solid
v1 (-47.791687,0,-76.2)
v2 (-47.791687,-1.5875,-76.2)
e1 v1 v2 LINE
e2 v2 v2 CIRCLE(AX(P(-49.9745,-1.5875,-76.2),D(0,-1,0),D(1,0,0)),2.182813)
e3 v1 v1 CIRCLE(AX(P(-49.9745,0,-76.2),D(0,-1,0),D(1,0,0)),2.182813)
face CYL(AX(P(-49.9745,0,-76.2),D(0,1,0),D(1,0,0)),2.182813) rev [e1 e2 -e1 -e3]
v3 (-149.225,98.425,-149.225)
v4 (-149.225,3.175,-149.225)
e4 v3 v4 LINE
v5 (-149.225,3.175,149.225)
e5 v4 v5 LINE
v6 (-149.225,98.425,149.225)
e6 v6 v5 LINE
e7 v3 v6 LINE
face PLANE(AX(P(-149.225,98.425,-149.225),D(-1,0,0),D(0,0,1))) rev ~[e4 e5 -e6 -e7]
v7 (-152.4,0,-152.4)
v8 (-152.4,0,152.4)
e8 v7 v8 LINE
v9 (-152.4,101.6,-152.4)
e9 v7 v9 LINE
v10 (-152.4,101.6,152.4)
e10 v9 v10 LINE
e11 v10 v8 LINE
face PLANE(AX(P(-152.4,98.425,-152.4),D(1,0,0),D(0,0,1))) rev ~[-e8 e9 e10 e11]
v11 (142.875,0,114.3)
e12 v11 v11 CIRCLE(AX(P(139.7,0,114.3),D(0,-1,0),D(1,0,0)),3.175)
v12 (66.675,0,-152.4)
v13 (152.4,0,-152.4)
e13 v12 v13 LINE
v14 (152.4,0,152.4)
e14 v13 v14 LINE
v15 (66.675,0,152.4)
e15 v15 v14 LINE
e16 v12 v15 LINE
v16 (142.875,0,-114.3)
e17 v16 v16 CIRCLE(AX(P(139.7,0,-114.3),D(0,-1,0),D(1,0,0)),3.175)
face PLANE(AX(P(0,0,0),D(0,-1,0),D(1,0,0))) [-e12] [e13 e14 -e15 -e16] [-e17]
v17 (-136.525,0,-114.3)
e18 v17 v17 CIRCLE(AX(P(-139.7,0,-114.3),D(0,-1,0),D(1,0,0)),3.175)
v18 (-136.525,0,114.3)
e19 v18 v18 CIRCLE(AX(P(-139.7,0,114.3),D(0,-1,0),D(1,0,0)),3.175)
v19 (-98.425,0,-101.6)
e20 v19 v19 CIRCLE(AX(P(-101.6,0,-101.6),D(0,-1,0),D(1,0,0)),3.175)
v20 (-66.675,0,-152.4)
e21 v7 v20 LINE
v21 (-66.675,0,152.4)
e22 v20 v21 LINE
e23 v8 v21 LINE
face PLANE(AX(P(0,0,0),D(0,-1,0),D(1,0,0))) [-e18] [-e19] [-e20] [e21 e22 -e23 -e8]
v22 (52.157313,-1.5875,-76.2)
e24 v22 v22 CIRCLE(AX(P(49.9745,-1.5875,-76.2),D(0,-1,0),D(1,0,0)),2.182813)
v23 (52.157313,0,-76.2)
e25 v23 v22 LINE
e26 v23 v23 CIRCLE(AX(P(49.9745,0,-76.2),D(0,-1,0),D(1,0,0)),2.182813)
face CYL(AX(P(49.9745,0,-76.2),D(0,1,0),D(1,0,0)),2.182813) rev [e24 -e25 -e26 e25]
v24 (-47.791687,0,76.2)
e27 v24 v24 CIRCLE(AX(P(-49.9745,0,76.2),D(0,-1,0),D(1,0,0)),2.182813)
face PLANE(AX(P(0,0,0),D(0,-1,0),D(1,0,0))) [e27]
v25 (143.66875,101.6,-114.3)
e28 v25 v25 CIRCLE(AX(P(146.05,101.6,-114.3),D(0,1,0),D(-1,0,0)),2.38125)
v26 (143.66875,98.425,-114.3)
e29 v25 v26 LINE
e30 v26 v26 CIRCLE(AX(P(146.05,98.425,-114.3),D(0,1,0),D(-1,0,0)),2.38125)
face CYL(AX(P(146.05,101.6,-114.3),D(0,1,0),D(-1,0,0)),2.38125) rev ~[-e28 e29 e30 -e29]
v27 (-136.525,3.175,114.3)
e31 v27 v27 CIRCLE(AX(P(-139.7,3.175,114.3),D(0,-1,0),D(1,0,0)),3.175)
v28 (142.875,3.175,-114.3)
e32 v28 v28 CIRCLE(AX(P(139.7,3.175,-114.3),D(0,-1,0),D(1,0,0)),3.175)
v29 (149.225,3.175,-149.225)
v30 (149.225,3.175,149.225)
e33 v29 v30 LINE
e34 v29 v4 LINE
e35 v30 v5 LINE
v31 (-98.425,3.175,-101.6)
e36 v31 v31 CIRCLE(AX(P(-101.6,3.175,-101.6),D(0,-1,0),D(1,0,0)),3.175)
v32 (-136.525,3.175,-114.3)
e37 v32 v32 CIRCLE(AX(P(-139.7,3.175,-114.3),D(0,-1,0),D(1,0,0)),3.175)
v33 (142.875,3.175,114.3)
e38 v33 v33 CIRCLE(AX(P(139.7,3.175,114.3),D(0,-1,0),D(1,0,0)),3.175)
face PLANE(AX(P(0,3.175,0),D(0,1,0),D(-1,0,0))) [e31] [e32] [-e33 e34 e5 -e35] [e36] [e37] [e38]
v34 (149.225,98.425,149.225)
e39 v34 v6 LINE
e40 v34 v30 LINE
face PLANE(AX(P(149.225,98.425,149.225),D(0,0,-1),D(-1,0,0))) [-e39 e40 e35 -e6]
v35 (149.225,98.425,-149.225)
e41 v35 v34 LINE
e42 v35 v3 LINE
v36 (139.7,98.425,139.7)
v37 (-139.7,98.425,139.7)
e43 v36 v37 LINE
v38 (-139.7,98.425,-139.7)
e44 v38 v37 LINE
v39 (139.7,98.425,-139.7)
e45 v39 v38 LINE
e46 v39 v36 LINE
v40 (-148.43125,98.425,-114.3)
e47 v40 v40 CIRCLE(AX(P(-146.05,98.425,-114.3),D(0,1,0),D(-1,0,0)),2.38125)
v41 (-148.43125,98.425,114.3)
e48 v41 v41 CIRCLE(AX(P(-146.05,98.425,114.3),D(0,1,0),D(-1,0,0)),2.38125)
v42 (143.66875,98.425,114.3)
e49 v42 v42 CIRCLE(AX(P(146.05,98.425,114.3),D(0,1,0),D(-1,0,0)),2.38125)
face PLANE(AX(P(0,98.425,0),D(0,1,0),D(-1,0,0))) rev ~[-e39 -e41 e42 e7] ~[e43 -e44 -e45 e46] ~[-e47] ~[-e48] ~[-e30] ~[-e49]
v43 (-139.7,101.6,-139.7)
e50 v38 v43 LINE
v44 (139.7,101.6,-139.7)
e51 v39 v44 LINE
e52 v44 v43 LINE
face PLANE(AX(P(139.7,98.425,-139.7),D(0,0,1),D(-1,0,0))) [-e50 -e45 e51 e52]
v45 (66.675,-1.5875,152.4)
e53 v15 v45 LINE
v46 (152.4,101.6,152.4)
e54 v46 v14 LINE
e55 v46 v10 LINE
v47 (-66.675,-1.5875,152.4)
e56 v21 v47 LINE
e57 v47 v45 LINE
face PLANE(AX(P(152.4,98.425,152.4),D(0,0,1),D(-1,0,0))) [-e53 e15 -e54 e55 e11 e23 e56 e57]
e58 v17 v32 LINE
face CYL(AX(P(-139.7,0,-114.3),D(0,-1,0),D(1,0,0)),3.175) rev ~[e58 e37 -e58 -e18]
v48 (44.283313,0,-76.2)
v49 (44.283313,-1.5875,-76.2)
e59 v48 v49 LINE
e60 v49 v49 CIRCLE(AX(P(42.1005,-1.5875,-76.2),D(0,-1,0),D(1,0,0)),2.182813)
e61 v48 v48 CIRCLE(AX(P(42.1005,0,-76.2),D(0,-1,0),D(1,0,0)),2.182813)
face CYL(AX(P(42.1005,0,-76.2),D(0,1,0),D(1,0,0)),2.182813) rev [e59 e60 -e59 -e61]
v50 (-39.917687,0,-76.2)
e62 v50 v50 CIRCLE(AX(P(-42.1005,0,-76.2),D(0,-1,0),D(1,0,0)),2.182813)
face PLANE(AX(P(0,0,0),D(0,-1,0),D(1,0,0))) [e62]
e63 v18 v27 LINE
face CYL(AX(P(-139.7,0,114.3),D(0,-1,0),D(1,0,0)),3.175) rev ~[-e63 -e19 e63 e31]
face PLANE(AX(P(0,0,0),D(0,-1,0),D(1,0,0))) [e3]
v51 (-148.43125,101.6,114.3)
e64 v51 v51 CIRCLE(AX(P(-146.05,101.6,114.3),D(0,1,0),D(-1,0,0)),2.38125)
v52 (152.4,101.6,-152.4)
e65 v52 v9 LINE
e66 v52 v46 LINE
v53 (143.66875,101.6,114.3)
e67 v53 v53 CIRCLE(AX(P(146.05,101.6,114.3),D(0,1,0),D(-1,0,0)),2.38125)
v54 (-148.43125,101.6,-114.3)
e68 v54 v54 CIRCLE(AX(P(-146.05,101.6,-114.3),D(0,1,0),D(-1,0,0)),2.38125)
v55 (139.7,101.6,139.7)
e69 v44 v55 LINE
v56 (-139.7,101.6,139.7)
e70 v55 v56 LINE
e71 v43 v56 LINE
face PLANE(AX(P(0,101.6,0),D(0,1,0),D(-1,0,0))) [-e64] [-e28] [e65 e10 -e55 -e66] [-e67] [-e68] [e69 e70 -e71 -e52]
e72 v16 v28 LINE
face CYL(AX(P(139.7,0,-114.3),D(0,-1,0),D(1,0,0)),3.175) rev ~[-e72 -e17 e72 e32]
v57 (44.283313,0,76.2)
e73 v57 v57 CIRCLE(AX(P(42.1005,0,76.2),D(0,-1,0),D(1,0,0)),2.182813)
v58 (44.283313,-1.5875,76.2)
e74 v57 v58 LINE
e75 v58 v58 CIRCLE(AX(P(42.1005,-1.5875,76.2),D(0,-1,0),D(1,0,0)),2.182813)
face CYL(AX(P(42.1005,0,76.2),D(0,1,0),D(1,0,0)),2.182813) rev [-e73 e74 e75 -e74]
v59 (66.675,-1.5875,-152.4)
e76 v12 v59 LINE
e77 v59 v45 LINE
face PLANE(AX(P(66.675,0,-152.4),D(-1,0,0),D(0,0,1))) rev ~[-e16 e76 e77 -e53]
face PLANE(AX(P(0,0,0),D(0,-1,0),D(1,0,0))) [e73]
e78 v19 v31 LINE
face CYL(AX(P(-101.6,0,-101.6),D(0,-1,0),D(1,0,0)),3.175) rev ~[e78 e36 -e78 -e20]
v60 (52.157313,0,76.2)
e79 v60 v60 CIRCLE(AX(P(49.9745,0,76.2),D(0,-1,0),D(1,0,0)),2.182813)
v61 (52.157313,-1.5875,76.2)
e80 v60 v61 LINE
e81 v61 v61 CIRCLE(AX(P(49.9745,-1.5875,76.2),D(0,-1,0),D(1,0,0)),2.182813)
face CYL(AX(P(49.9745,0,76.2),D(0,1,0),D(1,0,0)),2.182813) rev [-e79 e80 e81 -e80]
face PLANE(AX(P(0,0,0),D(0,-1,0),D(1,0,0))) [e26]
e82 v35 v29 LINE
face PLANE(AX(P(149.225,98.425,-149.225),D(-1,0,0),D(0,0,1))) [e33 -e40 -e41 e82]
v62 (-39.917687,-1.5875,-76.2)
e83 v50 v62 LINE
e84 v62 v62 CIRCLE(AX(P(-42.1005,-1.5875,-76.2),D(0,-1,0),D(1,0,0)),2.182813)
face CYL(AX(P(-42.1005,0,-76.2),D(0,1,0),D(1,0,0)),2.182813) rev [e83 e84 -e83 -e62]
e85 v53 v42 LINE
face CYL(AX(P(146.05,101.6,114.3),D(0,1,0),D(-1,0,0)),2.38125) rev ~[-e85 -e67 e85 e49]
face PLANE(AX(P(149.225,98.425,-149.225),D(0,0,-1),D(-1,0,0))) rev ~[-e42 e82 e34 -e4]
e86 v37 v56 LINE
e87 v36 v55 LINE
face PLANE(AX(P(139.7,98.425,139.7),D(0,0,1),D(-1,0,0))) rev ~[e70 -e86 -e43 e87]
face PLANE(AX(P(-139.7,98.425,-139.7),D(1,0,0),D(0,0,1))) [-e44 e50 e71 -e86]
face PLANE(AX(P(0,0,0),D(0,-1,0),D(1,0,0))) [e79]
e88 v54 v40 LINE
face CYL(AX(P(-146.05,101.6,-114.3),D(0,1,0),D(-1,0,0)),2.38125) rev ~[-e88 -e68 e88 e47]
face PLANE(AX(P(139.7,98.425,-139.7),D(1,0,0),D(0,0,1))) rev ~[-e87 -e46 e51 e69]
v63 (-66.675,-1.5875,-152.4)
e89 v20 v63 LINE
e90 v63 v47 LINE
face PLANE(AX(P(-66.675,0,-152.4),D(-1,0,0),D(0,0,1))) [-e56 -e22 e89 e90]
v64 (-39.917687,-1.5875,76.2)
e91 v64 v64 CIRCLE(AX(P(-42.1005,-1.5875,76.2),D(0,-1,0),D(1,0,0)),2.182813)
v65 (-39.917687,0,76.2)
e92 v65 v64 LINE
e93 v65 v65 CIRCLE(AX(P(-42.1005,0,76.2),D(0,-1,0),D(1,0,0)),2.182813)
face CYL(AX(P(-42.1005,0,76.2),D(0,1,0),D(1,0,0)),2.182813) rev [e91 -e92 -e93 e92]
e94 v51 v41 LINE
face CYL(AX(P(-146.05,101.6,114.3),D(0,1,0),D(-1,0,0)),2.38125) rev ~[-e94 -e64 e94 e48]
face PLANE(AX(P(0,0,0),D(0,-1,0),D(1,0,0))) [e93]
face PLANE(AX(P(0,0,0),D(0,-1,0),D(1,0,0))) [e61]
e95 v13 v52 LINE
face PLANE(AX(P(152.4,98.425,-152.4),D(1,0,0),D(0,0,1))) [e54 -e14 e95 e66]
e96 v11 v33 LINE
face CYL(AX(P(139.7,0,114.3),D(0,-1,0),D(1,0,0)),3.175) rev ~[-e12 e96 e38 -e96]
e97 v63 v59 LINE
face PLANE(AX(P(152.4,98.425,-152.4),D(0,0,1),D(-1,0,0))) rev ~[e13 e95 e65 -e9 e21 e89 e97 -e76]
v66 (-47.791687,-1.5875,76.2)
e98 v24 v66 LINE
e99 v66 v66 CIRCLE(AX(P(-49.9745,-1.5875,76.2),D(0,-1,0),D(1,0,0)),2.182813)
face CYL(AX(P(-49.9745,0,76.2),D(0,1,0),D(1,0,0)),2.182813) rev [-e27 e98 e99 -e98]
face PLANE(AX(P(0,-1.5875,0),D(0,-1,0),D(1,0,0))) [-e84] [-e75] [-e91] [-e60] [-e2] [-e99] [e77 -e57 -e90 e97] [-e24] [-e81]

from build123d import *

# Parameters (mm, degrees)
F0_W     = 133.35
F0_H     = 304.8
F0_R     = 2.182813
F1_DEPTH = 1.5875
F2_W     = 304.8
F2_H     = 304.8
F2_R     = 3.175
F3_DEPTH = 98.425
F4_W     = 298.45
F4_H     = 298.45
F5_DEPTH = 95.25
F6_W     = 304.8
F6_H     = 304.8
F6_W_2   = 279.4
F6_H_2   = 279.4
F7_DEPTH = 3.175
F8_R     = 2.38125
F9_DEPTH = 25.4


with BuildPart() as f1:
    # F0 (on Front) → F1 (new body)
    with BuildSketch(Plane.XZ):
        Rectangle(F0_W, F0_H)
        with Locations((-49.9745, -76.2)):
            Circle(F0_R, mode=Mode.SUBTRACT)
        with Locations((-42.1005, -76.2)):
            Circle(F0_R, mode=Mode.SUBTRACT)
        with Locations((42.1005, -76.2)):
            Circle(F0_R, mode=Mode.SUBTRACT)
        with Locations((49.9745, -76.2)):
            Circle(F0_R, mode=Mode.SUBTRACT)
        with Locations((-49.9745, 76.2)):
            Circle(F0_R, mode=Mode.SUBTRACT)
        with Locations((-42.1005, 76.2)):
            Circle(F0_R, mode=Mode.SUBTRACT)
        with Locations((42.1005, 76.2)):
            Circle(F0_R, mode=Mode.SUBTRACT)
        with Locations((49.9745, 76.2)):
            Circle(F0_R, mode=Mode.SUBTRACT)
    extrude(amount=F1_DEPTH)

    # F2 (on Front) → F3 (join)
    with BuildSketch(Plane.XZ):
        Rectangle(F2_W, F2_H)
        with Locations((-139.7, -114.3)):
            Circle(F2_R, mode=Mode.SUBTRACT)
        with Locations((-101.6, -101.6)):
            Circle(F2_R, mode=Mode.SUBTRACT)
        with Locations((139.7, -114.3)):
            Circle(F2_R, mode=Mode.SUBTRACT)
        with Locations((-139.7, 114.3)):
            Circle(F2_R, mode=Mode.SUBTRACT)
        with Locations((139.7, 114.3)):
            Circle(F2_R, mode=Mode.SUBTRACT)
    extrude(amount=-F3_DEPTH)

    # F4 (on face) → F5 (cut)
    with BuildSketch(Plane(origin=(0, 98.425, 0), x_dir=(-1, 0, 0), z_dir=(0, 1, 0))):
        Rectangle(F4_W, F4_H)
    extrude(amount=-F5_DEPTH, mode=Mode.SUBTRACT)

    # F6 (on face) → F7 (join)
    with BuildSketch(Plane(origin=(0, 98.425, 0), x_dir=(-1, 0, 0), z_dir=(0, 1, 0))):
        Rectangle(F6_W, F6_H)
        Rectangle(F6_W_2, F6_H_2, mode=Mode.SUBTRACT)
    extrude(amount=F7_DEPTH)

    # F8 (on face) → F9 (cut)
    with BuildSketch(Plane(origin=(0, 101.6, 0), x_dir=(-1, 0, 0), z_dir=(0, 1, 0))):
        with Locations((-146.05, 114.3)):
            Circle(F8_R)
        with Locations((146.05, 114.3)):
            Circle(F8_R)
        with Locations((146.05, -114.3)):
            Circle(F8_R)
        with Locations((-146.05, -114.3)):
            Circle(F8_R)
    extrude(amount=-F9_DEPTH, mode=Mode.SUBTRACT)


solid = f1.part
